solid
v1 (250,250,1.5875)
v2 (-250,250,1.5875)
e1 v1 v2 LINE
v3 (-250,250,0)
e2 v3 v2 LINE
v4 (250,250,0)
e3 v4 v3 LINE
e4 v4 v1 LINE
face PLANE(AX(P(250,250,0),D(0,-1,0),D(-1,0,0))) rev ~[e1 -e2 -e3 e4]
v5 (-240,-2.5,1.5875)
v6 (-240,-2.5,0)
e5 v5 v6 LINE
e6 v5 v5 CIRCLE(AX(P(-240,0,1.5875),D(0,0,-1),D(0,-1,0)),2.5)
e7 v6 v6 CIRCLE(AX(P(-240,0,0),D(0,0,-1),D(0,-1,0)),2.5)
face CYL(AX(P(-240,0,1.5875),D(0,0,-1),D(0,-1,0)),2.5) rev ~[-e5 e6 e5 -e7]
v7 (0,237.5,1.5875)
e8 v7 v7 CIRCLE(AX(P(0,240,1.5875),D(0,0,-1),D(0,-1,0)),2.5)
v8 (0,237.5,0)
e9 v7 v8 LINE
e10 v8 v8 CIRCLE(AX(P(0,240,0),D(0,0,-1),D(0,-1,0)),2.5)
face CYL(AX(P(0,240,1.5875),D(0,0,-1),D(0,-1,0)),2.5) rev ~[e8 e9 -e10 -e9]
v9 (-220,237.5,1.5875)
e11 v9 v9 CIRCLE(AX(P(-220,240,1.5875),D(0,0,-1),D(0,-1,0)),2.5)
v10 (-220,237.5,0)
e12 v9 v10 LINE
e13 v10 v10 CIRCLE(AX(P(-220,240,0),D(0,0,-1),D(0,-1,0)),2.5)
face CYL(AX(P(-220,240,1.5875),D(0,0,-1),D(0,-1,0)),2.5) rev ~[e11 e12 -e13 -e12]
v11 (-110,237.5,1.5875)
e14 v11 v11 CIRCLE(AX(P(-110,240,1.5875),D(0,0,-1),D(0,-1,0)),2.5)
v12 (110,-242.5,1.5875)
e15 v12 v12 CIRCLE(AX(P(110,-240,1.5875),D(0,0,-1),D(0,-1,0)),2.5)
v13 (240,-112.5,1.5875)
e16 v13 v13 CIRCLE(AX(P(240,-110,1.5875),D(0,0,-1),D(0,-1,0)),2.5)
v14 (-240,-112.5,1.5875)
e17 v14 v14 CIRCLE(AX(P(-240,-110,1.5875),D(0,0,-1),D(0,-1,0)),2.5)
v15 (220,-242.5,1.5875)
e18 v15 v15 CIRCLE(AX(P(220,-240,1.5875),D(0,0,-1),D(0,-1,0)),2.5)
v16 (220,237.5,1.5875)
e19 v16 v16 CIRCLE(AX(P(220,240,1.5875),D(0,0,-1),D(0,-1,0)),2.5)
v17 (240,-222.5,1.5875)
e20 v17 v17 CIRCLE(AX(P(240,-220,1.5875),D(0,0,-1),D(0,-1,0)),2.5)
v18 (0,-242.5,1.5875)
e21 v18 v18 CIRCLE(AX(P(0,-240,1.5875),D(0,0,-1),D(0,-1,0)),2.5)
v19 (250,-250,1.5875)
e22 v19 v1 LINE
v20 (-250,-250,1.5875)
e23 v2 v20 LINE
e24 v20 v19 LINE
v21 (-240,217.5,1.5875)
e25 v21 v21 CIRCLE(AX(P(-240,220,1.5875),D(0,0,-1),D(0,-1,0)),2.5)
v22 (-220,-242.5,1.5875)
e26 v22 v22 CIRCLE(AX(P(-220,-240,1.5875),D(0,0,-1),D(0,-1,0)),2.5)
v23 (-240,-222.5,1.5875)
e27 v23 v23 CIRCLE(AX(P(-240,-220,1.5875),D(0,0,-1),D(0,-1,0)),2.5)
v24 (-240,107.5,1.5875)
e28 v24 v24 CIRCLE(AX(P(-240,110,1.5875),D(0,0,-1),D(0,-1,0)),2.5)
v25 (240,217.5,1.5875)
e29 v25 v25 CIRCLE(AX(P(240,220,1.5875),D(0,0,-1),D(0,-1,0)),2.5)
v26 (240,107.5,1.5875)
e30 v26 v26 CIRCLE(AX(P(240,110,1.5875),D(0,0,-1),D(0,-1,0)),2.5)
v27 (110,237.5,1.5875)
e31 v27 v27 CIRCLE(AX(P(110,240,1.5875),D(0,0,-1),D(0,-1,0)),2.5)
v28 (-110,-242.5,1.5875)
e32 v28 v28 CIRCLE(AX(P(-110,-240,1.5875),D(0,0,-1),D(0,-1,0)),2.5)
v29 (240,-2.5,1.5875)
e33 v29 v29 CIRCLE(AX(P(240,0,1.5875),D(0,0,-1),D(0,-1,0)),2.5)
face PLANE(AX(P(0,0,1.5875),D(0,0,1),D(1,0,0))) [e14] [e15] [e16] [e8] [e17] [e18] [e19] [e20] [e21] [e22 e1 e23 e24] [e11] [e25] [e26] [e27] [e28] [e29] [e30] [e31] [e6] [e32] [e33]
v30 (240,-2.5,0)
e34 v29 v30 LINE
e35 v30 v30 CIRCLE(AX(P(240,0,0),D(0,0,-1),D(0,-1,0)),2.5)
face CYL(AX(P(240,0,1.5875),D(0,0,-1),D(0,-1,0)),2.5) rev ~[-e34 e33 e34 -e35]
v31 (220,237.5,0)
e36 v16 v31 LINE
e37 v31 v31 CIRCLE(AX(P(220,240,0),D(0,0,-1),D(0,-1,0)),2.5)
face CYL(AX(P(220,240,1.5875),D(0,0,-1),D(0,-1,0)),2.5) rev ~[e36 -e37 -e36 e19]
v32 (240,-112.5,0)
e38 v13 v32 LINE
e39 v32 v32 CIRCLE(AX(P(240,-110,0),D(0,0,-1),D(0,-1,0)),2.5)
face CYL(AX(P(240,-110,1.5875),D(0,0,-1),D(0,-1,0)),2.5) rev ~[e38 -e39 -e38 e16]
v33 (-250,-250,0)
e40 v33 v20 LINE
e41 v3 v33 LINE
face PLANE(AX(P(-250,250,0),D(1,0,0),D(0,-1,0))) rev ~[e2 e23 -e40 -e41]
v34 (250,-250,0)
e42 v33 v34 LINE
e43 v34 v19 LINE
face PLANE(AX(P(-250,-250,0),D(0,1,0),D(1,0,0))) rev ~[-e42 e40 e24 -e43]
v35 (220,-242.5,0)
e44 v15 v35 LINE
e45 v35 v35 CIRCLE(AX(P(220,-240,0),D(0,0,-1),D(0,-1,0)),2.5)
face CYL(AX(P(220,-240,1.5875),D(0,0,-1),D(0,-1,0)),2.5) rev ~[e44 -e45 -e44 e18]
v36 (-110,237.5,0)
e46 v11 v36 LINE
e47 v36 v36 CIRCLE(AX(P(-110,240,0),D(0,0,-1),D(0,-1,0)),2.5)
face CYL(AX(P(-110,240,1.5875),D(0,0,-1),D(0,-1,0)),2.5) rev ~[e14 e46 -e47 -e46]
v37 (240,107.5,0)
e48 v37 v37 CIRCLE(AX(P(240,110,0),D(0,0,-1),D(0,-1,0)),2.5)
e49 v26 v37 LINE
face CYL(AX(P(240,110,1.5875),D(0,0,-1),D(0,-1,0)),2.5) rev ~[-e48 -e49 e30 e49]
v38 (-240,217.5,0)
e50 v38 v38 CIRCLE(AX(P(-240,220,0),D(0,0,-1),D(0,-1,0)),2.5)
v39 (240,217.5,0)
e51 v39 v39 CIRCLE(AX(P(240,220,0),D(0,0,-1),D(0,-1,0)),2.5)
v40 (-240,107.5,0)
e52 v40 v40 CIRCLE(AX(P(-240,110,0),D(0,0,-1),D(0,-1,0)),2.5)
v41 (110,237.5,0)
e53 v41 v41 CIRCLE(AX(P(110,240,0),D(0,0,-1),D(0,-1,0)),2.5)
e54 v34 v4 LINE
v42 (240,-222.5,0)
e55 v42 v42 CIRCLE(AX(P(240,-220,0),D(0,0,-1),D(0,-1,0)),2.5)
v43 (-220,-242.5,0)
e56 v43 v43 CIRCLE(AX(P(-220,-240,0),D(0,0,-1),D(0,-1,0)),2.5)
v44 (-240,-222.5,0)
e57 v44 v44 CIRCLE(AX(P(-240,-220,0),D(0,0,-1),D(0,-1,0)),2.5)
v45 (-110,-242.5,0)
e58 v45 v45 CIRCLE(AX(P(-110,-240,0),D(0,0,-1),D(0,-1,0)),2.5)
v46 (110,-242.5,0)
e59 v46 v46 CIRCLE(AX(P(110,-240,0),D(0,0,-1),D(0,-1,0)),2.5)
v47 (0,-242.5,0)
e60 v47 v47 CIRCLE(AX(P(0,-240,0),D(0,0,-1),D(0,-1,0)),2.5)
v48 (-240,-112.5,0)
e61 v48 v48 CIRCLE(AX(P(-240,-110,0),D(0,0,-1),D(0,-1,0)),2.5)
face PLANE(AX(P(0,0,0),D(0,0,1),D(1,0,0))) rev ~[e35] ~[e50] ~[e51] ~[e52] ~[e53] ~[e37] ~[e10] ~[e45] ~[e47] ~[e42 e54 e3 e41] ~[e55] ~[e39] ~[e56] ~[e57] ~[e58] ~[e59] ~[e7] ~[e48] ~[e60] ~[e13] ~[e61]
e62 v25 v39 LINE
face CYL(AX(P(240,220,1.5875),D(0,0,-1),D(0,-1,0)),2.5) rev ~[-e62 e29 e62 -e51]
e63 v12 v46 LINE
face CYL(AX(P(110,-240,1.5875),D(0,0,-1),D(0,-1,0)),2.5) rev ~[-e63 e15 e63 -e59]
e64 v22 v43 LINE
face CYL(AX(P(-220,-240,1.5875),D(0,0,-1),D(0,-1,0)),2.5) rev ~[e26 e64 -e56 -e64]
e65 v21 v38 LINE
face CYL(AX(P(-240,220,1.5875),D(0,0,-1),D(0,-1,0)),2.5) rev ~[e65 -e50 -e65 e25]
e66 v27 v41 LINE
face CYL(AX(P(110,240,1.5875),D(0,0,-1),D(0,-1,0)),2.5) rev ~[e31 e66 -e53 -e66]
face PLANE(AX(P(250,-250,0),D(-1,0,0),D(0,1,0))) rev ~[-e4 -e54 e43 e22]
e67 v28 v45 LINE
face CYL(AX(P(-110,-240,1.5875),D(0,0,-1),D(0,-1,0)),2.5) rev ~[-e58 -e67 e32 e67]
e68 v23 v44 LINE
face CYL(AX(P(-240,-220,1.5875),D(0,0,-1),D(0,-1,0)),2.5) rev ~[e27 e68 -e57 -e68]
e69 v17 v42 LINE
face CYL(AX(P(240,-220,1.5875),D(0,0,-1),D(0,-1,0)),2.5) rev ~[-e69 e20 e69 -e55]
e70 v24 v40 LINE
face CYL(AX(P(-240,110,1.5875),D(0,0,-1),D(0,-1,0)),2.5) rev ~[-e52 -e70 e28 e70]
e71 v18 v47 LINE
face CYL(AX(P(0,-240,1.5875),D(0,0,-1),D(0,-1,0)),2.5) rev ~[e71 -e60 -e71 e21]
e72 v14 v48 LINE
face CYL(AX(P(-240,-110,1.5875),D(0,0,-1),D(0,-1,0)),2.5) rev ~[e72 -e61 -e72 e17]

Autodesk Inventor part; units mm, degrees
ref_plane "YZ Plane" through (0, 0, 0) normal (1, 0, 0) x (0, 1, 0)
ref_plane "XZ Plane" through (0, 0, 0) normal (0, 1, 0) x (-1, 0, 0)
ref_plane "XY Plane" through (0, 0, 0) normal (0, 0, 1) x (1, 0, 0)
sketch "Sketch1" plane through (0, 0, 0) normal (0, 0, 1) x (1, 0, 0)
  line L0 (-250, -250) -> (250, -250)
  line L1 (250, -250) -> (250, 250)
  line L2 (250, 250) -> (-250, 250)
  line L3 (-250, 250) -> (-250, -250)
  line L4 (-250, -250) -> (250, 250) construction
  line L5 (250, -250) -> (-250, 250) construction
  point P0 (0, 0)
  dimension "d0" = 500
  dimension "d1" = 500
extrude "Extrusion1" add sketch "Sketch1" along normal blind 1.5875
sketch "Sketch2" plane through (0, 0, 1.5875) normal (0, 0, 1) x (1, 0, 0)
  line L0 (-250, -250) -> (250, -250) projected
  line L1 (250, -250) -> (250, 250) projected
  line L2 (250, 250) -> (-250, 250) projected
  line L3 (-250, 250) -> (-250, -250) projected
  point P0 (0, 0)
  point P1 (-220, 240)
  dimension "d4" = 10
  dimension "d5" = 30
hole "Hole1" at (-220, 240, 1.5875) direction (0, 0, -1) diameter 5 end through all
pattern_linear "Rectangular Pattern1" count 5 spacing 110 along (1, 0, 0) count 2 spacing 480 along (0, -1, 0) of "Hole1"
sketch "Sketch3" plane through (0, 0, 1.5875) normal (0, 0, 1) x (1, 0, 0)
  circle A0 centre (220, -240) radius 2.5 projected
  circle A1 centre (110, -240) radius 2.5 projected
  circle A2 centre (0, -240) radius 2.5 projected
  circle A3 centre (-110, -240) radius 2.5 projected
  circle A4 centre (-220, -240) radius 2.5 projected
  circle A5 centre (220, 240) radius 2.5 projected
  circle A6 centre (110, 240) radius 2.5 projected
  circle A7 centre (0, 240) radius 2.5 projected
  circle A8 centre (-110, 240) radius 2.5 projected
  circle A9 centre (-220, 240) radius 2.5 projected
  line L0 (-250, -250) -> (250, -250) projected
  line L1 (250, -250) -> (250, 250) projected
  line L2 (250, 250) -> (-250, 250) projected
  line L3 (-250, 250) -> (-250, -250) projected
  point P0 (0, 0)
  point P1 (-240, 220)
  dimension "d19" = 10
  dimension "d20" = 30
hole "Hole2" at (-240, 220, 1.5875) direction (0, 0, -1) diameter 5 end through all
pattern_linear "Rectangular Pattern2" count 5 spacing 110 along (0, -1, 0) count 2 spacing 480 along (1, 0, 0) of "Hole2"
properties part number "Face B Felt" material "Nylon 6/6"
